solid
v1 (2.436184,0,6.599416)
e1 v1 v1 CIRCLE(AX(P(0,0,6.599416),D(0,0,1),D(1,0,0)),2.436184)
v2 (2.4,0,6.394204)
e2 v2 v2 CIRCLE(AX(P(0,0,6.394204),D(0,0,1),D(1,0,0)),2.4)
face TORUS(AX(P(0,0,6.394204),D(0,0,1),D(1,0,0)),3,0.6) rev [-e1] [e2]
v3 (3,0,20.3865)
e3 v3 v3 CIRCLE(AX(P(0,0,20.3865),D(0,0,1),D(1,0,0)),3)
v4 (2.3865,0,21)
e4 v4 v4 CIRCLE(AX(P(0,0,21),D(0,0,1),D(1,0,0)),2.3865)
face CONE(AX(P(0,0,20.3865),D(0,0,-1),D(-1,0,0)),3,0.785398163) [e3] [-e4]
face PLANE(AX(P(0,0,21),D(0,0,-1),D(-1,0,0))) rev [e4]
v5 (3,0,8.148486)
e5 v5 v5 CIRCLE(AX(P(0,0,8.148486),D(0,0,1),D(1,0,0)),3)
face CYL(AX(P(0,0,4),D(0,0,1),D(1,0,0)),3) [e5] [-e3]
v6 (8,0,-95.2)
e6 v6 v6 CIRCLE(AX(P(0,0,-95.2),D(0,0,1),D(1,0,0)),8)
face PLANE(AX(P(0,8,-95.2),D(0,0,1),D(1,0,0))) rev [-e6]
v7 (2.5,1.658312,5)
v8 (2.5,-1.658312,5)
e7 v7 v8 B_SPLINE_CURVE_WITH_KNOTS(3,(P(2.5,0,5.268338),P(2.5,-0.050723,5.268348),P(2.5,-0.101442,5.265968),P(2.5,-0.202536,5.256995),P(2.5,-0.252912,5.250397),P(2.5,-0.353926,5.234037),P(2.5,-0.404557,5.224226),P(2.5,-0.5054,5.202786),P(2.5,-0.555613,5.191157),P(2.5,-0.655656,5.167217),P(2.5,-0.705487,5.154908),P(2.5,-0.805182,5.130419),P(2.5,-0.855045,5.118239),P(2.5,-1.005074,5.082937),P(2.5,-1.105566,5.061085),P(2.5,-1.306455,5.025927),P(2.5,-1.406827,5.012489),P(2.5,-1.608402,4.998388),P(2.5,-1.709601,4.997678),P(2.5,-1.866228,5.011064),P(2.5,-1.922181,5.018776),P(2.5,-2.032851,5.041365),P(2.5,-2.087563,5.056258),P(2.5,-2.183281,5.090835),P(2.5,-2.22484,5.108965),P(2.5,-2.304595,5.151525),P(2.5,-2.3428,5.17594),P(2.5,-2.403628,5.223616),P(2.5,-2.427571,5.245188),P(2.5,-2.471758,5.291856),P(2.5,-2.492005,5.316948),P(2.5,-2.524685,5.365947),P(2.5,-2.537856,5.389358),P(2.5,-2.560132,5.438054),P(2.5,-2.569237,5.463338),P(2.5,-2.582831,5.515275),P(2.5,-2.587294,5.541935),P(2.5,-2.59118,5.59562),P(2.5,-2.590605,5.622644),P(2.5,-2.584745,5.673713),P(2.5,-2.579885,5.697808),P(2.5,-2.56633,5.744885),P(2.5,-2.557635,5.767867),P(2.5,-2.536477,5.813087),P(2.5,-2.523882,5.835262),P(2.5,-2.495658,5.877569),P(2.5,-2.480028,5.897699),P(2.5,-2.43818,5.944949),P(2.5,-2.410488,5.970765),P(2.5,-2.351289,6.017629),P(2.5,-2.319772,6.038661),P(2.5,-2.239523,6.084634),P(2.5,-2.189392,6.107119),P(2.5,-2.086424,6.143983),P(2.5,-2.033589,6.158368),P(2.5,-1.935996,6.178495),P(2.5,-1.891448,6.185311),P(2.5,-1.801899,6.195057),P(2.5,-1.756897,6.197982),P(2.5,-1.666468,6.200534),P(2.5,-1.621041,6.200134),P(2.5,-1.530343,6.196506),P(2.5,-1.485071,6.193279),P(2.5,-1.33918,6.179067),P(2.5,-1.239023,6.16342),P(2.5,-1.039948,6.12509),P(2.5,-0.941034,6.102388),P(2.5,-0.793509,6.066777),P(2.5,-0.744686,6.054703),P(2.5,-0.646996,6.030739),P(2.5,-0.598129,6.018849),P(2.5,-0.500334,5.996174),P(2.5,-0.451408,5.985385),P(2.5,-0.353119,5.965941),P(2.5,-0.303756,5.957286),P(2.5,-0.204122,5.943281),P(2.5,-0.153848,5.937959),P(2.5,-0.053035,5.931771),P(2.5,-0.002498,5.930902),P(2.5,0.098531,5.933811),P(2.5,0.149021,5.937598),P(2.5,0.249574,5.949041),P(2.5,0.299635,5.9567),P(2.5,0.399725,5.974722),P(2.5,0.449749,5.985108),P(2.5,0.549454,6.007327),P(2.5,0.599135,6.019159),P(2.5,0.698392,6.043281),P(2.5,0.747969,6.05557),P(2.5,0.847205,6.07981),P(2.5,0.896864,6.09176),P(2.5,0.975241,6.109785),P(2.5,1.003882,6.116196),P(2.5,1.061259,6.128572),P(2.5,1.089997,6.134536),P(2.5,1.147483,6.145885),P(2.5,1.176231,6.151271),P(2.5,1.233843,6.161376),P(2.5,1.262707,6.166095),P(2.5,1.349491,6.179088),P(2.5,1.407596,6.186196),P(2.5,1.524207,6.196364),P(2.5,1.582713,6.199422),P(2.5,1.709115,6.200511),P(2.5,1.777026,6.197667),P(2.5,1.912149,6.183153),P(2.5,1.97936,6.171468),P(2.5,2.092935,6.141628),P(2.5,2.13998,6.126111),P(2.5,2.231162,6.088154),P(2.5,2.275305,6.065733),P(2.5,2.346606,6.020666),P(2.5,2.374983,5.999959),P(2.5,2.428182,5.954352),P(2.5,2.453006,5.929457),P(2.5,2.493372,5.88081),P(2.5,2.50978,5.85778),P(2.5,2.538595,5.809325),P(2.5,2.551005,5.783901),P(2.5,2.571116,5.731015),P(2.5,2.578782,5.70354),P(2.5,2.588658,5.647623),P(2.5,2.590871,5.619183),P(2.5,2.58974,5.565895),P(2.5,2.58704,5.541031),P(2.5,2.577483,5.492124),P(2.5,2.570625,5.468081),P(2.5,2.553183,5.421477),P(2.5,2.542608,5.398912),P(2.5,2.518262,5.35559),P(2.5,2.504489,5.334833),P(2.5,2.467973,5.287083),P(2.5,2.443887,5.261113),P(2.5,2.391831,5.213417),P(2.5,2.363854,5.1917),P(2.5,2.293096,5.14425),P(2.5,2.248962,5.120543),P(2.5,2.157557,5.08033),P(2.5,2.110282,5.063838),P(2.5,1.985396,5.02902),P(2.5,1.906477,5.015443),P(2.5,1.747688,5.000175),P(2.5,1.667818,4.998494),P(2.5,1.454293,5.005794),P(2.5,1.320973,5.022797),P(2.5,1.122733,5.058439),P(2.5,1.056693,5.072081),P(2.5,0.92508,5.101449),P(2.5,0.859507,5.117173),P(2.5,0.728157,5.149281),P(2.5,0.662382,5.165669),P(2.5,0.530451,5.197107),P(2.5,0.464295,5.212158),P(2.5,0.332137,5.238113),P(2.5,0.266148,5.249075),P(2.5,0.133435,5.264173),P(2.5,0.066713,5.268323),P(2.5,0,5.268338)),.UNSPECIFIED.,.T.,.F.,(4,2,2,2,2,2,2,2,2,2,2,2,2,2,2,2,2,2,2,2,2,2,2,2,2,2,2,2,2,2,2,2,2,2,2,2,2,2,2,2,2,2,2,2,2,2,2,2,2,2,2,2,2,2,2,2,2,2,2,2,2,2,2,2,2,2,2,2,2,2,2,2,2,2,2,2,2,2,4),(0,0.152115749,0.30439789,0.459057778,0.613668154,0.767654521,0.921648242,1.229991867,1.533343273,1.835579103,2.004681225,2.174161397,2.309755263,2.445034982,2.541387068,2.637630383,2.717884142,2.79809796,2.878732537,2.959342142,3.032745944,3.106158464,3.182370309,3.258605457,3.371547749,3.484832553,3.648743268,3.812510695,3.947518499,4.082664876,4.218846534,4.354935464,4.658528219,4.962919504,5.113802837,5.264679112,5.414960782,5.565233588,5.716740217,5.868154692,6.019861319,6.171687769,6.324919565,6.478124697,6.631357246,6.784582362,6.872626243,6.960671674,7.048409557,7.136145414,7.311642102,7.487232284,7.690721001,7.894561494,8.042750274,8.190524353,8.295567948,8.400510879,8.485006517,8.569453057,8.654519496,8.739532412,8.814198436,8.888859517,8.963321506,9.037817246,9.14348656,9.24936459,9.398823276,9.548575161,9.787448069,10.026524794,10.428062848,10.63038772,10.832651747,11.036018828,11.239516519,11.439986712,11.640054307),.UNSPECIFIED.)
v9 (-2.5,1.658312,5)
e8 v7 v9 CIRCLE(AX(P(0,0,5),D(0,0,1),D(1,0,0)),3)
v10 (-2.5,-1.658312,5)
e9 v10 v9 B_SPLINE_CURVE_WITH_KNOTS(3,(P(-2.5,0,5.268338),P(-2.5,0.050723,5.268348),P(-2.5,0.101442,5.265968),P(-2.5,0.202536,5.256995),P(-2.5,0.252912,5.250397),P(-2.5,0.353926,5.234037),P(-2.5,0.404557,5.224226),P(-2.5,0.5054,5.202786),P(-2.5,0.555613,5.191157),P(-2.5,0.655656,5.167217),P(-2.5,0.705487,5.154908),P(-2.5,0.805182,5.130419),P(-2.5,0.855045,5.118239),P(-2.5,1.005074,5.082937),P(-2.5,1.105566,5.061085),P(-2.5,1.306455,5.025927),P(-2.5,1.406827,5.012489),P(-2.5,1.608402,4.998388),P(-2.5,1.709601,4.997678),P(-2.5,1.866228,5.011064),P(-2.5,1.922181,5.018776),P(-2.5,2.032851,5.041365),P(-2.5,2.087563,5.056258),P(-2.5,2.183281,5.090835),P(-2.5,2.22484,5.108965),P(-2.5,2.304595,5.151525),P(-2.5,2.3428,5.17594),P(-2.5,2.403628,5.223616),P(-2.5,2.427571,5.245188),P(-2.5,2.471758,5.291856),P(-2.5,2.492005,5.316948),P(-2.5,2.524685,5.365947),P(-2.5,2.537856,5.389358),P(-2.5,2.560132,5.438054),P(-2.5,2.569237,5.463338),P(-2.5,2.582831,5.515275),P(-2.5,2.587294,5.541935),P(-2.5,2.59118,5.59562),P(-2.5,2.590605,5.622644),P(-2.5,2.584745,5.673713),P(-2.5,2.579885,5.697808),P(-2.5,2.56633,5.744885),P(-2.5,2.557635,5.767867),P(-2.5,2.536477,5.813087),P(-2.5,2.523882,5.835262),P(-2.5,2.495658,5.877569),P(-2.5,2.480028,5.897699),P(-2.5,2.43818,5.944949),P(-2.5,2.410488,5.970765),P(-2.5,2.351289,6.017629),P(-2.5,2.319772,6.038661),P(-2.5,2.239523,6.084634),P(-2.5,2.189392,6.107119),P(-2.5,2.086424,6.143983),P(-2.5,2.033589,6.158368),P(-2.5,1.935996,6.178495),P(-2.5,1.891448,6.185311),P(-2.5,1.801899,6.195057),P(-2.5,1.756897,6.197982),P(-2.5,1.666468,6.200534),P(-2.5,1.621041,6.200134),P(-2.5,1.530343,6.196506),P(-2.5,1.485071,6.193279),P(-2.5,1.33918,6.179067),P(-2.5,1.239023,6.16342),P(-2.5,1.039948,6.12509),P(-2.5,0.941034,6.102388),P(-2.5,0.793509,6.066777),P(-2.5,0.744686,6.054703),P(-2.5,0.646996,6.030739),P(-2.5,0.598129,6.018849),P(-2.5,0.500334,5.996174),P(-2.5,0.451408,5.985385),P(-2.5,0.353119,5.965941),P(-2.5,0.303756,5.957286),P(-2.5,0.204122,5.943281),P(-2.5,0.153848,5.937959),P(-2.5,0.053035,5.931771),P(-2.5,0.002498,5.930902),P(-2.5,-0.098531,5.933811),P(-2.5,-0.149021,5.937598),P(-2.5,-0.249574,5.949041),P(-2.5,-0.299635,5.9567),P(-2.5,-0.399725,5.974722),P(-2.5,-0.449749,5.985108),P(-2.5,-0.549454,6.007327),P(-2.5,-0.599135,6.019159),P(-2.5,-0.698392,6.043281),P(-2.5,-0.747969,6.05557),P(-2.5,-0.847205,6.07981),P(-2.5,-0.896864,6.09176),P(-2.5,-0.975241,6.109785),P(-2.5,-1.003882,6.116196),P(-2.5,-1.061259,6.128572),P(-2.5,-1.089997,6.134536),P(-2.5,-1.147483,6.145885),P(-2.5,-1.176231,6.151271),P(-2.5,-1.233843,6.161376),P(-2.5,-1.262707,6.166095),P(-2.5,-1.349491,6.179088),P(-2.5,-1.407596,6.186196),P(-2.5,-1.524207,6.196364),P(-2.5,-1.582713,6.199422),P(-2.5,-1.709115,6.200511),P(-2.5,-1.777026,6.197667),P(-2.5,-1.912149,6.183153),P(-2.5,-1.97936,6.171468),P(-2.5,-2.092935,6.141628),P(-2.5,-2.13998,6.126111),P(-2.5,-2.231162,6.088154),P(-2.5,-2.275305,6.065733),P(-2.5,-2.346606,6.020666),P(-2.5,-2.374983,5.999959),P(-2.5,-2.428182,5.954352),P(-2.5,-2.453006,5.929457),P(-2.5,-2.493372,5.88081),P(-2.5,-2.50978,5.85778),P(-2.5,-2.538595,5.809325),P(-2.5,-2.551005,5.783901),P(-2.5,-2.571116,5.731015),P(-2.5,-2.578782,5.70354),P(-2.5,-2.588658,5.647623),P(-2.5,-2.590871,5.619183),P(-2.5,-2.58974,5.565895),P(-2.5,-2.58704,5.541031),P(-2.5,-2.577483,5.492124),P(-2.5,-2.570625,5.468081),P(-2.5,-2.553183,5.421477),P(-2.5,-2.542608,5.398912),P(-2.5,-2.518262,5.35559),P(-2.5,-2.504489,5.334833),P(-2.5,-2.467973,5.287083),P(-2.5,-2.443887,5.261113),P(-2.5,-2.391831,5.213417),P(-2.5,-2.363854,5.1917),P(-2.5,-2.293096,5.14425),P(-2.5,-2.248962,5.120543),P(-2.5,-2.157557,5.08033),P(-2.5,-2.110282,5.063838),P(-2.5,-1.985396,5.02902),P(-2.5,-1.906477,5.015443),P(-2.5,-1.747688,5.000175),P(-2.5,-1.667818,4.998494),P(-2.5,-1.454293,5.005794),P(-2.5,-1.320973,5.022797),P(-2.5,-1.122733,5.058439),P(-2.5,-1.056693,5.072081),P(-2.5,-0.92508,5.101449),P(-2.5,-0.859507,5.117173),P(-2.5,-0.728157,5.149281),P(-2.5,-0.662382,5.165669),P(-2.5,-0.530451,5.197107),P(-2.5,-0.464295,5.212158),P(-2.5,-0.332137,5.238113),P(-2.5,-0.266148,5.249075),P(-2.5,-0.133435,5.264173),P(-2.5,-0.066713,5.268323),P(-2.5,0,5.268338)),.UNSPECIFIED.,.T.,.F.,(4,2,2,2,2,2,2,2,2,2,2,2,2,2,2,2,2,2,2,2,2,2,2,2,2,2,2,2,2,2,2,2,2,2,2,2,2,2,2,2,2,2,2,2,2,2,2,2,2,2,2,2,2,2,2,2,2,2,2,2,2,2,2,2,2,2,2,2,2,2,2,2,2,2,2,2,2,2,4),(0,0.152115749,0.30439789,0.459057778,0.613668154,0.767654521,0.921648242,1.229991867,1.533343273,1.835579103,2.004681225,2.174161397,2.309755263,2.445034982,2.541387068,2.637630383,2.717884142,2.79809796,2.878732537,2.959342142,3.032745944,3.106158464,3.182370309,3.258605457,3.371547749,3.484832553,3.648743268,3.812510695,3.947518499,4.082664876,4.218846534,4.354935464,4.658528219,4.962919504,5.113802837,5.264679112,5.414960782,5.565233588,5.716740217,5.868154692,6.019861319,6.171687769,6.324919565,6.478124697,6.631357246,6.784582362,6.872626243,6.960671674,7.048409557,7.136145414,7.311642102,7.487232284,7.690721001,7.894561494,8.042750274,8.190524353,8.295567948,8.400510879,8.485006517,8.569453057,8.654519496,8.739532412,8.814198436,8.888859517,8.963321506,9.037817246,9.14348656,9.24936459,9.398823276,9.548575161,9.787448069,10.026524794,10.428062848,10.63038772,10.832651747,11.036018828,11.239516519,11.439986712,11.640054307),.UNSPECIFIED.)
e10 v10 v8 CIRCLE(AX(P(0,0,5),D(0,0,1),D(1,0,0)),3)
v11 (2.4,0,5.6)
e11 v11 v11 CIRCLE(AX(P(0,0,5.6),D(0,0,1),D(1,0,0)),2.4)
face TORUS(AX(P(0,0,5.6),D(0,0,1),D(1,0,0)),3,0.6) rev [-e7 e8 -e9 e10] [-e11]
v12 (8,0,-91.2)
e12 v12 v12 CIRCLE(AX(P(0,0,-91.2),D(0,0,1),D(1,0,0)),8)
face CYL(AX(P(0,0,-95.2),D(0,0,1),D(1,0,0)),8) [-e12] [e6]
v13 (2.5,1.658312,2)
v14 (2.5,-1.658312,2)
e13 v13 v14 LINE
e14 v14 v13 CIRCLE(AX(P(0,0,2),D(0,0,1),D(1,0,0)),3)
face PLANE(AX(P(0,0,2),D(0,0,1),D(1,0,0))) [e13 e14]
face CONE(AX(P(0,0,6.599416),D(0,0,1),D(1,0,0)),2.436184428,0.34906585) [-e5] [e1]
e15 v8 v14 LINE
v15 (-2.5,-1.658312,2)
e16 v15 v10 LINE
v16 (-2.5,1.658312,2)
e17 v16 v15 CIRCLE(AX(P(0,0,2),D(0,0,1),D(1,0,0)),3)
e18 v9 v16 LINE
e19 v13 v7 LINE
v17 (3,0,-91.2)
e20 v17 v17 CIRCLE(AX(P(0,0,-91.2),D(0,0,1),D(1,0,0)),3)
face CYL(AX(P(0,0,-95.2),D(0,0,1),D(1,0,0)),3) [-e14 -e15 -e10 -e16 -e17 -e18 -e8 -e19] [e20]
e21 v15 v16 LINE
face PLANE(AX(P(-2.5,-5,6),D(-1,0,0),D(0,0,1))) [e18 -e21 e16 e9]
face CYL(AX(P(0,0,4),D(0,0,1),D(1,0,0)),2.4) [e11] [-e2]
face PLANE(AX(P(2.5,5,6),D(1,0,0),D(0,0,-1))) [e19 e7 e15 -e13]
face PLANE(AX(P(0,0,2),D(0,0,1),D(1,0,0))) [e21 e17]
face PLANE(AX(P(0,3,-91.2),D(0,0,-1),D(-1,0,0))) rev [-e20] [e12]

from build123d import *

# Parameters (mm, degrees)
CUT_EXTRUDE1_DEPTH = 4


with BuildPart() as part:
    # Sketch1 → Revolve1 (revolve)
    with BuildSketch(Plane(origin=(0, 0, 0), x_dir=(0, 0, -1), z_dir=(1, 0, 0))):
        Polygon((-5, 0), (-5, 3), (91.2, 3), (91.2, 8), (95.2, 8), (95.2, 0), align=None)
    revolve(axis=Axis((0, 0, -95.2), (0, 0, 1)))

    # Sketch2 → Revolve2 (revolve)
    with BuildSketch(Plane(origin=(0, 0, 0), x_dir=(0, 0, -1), z_dir=(1, 0, 0))):
        with BuildLine():
            Line((-21, 0), (-21, 2.3865))
            Line((-21, 2.3865), (-20.3865, 3))
            Line((-20.3865, 3), (-8.148486452, 3))
            Line((-8.148486452, 3), (-6.599415898, 2.436184428))
            ThreePointArc((-6.599415898, 2.436184428), (-6.498392718, 2.409115348), (-6.394203812, 2.4))
            Line((-6.394203812, 2.4), (-5.6, 2.4))
            ThreePointArc((-5.6, 2.4), (-5.175735931, 2.575735931), (-5, 3))
            Line((-5, 3), (-4, 3))
            Line((-4, 3), (-4, 0))
            Line((-4, 0), (-21, 0))
        make_face()
    revolve(axis=Axis((0, 0, 4), (0, 0, 1)))

    # Sketch3 → Cut-Extrude1 (cut)
    with BuildSketch(Plane.XY.offset(2)):
        Polygon((-5, 10), (-5, -5), (-2.5, -5), (-2.5, 5), (2.5, 5), (2.5, -5), (5, -5), (5, 10), align=None)
    extrude(amount=CUT_EXTRUDE1_DEPTH, mode=Mode.SUBTRACT)


solid = part.part
